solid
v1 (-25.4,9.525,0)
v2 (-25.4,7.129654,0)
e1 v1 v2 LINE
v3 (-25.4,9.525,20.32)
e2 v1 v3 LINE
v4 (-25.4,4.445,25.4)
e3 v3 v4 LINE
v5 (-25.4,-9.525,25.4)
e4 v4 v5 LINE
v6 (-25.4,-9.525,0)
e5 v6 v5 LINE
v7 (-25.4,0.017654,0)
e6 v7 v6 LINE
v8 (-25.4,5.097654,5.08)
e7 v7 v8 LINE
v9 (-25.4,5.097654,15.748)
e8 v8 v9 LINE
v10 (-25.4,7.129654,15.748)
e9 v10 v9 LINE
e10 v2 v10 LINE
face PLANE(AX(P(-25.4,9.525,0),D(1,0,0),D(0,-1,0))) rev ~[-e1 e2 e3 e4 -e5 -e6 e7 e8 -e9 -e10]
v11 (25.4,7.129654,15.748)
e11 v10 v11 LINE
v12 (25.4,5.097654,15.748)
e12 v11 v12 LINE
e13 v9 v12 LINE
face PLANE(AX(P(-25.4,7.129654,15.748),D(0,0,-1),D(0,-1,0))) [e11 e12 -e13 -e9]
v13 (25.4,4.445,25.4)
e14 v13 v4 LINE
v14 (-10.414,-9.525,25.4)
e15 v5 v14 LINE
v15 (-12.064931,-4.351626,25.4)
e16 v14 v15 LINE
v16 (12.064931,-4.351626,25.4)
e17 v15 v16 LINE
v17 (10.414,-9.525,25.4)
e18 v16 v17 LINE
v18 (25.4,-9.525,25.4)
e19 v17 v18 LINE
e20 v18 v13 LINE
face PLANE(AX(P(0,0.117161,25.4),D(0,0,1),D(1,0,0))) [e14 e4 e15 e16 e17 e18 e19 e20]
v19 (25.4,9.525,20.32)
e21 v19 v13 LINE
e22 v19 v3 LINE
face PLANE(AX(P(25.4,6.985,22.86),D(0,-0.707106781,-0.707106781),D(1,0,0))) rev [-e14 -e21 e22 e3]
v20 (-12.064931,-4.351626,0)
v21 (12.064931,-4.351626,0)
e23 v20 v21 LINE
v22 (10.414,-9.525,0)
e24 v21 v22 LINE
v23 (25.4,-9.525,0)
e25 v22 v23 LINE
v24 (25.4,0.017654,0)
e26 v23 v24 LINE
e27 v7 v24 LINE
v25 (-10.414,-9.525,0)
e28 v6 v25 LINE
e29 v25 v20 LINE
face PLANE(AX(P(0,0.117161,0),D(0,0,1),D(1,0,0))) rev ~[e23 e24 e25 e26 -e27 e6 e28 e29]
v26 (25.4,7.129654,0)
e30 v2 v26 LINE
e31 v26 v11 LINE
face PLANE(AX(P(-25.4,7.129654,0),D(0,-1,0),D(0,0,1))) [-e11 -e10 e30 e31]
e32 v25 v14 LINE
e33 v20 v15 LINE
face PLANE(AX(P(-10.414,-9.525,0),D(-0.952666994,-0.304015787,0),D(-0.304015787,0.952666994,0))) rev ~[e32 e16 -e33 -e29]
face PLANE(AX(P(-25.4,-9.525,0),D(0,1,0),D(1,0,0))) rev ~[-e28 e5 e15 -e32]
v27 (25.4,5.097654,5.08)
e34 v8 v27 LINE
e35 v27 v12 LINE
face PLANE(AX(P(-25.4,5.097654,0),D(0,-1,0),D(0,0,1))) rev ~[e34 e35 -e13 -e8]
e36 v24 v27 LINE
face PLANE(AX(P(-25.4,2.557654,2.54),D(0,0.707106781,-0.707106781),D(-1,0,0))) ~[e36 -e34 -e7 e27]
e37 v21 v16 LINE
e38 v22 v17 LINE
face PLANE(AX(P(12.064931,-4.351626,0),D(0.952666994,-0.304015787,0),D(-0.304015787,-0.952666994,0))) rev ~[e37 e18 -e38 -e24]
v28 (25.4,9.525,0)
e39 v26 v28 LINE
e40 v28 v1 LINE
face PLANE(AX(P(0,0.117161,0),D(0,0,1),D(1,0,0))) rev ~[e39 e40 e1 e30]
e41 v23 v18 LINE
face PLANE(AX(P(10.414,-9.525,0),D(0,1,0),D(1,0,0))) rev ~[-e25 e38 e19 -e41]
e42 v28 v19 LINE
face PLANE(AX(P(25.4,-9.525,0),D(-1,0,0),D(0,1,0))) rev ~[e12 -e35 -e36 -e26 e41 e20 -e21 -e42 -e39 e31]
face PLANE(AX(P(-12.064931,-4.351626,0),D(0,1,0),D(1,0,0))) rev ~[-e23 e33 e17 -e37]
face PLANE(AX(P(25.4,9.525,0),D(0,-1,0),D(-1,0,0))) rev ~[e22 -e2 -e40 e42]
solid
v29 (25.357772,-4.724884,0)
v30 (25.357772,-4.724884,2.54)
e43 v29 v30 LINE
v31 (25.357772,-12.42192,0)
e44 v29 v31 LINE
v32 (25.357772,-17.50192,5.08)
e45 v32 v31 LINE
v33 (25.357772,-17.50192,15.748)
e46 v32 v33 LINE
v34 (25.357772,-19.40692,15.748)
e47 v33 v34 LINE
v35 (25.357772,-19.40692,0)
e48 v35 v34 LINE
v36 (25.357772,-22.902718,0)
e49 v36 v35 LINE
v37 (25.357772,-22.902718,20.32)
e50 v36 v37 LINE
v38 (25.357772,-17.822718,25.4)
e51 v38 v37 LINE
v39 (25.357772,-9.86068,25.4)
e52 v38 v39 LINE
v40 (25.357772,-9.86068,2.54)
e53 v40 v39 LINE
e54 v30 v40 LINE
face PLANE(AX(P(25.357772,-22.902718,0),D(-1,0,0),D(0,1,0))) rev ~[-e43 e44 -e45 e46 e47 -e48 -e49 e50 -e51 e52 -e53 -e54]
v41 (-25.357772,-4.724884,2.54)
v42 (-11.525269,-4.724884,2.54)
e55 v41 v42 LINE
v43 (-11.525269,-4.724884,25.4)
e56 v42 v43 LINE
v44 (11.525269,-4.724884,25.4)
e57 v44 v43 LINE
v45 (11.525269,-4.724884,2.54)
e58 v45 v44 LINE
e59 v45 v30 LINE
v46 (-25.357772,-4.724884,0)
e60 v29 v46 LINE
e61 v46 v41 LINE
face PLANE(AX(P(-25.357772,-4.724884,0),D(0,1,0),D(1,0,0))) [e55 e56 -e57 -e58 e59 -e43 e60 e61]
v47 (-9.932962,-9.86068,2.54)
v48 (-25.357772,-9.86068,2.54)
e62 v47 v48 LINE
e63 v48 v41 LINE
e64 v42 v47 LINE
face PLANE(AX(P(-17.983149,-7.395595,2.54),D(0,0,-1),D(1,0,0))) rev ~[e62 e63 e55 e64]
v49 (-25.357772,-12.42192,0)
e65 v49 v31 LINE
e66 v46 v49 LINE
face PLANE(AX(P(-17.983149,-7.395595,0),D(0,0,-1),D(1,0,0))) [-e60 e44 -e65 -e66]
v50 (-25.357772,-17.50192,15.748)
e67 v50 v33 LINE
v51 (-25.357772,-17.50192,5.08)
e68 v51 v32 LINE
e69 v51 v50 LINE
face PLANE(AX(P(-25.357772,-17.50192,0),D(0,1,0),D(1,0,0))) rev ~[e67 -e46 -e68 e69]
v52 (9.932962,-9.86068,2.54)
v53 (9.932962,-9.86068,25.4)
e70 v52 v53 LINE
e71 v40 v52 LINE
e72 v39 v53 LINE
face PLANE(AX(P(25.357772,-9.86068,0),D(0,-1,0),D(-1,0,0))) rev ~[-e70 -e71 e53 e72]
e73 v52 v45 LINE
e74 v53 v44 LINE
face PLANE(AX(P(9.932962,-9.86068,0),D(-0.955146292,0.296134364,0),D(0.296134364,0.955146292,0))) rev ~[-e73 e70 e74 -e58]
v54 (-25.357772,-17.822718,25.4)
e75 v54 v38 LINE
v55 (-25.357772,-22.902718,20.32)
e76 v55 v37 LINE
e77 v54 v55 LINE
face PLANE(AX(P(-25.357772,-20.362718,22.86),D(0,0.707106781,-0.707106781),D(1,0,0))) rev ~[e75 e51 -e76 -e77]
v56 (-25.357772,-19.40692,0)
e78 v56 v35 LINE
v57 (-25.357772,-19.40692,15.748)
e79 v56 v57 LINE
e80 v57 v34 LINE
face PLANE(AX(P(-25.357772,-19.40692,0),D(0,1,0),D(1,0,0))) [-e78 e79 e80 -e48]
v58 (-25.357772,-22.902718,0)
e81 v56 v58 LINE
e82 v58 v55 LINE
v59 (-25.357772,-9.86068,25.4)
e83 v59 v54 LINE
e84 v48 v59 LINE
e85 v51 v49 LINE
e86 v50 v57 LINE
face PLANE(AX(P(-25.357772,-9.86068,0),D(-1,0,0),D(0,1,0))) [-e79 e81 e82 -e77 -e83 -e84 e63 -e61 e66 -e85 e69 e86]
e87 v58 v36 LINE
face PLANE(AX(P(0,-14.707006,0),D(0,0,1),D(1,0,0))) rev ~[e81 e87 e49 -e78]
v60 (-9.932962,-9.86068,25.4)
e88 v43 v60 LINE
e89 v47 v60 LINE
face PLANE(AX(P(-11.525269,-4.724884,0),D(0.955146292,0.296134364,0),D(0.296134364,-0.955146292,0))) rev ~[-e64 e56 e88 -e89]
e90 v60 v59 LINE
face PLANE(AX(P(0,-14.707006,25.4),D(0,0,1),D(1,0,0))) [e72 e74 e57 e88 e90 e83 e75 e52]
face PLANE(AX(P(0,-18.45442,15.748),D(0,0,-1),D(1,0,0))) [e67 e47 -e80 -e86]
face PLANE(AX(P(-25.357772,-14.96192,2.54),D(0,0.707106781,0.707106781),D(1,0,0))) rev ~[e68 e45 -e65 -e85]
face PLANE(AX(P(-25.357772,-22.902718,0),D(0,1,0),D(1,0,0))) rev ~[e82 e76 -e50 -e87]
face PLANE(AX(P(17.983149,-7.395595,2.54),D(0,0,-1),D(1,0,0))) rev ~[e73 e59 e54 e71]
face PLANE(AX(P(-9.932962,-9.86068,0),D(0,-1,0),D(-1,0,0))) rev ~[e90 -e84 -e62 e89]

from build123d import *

# Parameters (mm, degrees)
F1_DEPTH  = 25.4
F2_W      = 2.032
F2_H      = 15.748
F3_DEPTH  = 68.326
F4_SIZE   = 5.08
F6_DEPTH  = 25.4
F7_W      = 50.7155433297
F7_H      = 1.905
F8_DEPTH  = 15.748
F10_DEPTH = 2.54
F11_SIZE  = 5.08


with BuildPart() as f1:
    # F0 (on Top) → F1 (new body)
    with BuildSketch(Plane.XY):
        Polygon((25.4, -9.525), (25.4, 9.525), (-25.4, 9.525), (-25.4, -9.525), (-12.0650689502, -9.525), (-10.414, -9.525), (-12.0649310498, -4.3516255037), (12.0649310498, -4.3516255037), (10.414, -9.525), (12.0649310498, -9.525), align=None)
    extrude(amount=F1_DEPTH)

    # F2 (on face) → F3 (cut)
    with BuildSketch(Plane(origin=(-25.4, 0, 0), x_dir=(0, -1, 0), z_dir=(-1, 0, 0))):
        with Locations((-6.1136542883, 7.874)):
            Rectangle(F2_W, F2_H)
    extrude(amount=-F3_DEPTH, mode=Mode.SUBTRACT)

    # F4
    f4_edges = [f1.edges().sort_by_distance(p)[0] for p in [
        (0, 5.097654, 0),
        (0, 9.525, 25.4),
    ]]
    chamfer(f4_edges, length=F4_SIZE)


with BuildPart() as f6:
    # F5 (on Top) → F6 (new body)
    with BuildSketch(Plane.XY):
        Polygon((-9.932962208, -9.8606804386), (-25.3577716649, -9.8606804386), (-25.3577716649, -22.9027178138), (0, -22.9027178138), (25.3577716649, -22.9027178138), (25.3577716649, -9.8606804386), (9.932962208, -9.8606804386), (11.5252688949, -4.7248839401), (0, -4.7248839401), (-11.5252688949, -4.7248839401), align=None)
    extrude(amount=F6_DEPTH)

    # F7 (on face) → F8 (cut)
    with BuildSketch(Plane(origin=(0, 0, 0), x_dir=(1, 0, 0), z_dir=(0, 0, -1))):
        with Locations((0, 18.4544204617)):
            Rectangle(F7_W, F7_H)
    extrude(amount=-F8_DEPTH, mode=Mode.SUBTRACT)

    # F9 (on face) → F10 (join)
    with BuildSketch(Plane(origin=(0, 0, 0), x_dir=(1, 0, 0), z_dir=(0, 0, -1))):
        Polygon((-9.932962208, 9.8606804386), (-25.3577716649, 9.8606804386), (-25.3577716649, 4.7248839401), (-11.5252688949, 4.7248839401), align=None)
        Polygon((25.3577716649, 9.8606804386), (9.932962208, 9.8606804386), (11.5252688949, 4.7248839401), (25.3577716649, 4.7248839401), align=None)
    extrude(amount=-F10_DEPTH)

    # F11
    f11_edges = [f6.edges().sort_by_distance(p)[0] for p in [
        (0, -17.50192, 0),
        (0, -22.902718, 25.4),
    ]]
    chamfer(f11_edges, length=F11_SIZE)


solid = Compound([f1.part, f6.part])
